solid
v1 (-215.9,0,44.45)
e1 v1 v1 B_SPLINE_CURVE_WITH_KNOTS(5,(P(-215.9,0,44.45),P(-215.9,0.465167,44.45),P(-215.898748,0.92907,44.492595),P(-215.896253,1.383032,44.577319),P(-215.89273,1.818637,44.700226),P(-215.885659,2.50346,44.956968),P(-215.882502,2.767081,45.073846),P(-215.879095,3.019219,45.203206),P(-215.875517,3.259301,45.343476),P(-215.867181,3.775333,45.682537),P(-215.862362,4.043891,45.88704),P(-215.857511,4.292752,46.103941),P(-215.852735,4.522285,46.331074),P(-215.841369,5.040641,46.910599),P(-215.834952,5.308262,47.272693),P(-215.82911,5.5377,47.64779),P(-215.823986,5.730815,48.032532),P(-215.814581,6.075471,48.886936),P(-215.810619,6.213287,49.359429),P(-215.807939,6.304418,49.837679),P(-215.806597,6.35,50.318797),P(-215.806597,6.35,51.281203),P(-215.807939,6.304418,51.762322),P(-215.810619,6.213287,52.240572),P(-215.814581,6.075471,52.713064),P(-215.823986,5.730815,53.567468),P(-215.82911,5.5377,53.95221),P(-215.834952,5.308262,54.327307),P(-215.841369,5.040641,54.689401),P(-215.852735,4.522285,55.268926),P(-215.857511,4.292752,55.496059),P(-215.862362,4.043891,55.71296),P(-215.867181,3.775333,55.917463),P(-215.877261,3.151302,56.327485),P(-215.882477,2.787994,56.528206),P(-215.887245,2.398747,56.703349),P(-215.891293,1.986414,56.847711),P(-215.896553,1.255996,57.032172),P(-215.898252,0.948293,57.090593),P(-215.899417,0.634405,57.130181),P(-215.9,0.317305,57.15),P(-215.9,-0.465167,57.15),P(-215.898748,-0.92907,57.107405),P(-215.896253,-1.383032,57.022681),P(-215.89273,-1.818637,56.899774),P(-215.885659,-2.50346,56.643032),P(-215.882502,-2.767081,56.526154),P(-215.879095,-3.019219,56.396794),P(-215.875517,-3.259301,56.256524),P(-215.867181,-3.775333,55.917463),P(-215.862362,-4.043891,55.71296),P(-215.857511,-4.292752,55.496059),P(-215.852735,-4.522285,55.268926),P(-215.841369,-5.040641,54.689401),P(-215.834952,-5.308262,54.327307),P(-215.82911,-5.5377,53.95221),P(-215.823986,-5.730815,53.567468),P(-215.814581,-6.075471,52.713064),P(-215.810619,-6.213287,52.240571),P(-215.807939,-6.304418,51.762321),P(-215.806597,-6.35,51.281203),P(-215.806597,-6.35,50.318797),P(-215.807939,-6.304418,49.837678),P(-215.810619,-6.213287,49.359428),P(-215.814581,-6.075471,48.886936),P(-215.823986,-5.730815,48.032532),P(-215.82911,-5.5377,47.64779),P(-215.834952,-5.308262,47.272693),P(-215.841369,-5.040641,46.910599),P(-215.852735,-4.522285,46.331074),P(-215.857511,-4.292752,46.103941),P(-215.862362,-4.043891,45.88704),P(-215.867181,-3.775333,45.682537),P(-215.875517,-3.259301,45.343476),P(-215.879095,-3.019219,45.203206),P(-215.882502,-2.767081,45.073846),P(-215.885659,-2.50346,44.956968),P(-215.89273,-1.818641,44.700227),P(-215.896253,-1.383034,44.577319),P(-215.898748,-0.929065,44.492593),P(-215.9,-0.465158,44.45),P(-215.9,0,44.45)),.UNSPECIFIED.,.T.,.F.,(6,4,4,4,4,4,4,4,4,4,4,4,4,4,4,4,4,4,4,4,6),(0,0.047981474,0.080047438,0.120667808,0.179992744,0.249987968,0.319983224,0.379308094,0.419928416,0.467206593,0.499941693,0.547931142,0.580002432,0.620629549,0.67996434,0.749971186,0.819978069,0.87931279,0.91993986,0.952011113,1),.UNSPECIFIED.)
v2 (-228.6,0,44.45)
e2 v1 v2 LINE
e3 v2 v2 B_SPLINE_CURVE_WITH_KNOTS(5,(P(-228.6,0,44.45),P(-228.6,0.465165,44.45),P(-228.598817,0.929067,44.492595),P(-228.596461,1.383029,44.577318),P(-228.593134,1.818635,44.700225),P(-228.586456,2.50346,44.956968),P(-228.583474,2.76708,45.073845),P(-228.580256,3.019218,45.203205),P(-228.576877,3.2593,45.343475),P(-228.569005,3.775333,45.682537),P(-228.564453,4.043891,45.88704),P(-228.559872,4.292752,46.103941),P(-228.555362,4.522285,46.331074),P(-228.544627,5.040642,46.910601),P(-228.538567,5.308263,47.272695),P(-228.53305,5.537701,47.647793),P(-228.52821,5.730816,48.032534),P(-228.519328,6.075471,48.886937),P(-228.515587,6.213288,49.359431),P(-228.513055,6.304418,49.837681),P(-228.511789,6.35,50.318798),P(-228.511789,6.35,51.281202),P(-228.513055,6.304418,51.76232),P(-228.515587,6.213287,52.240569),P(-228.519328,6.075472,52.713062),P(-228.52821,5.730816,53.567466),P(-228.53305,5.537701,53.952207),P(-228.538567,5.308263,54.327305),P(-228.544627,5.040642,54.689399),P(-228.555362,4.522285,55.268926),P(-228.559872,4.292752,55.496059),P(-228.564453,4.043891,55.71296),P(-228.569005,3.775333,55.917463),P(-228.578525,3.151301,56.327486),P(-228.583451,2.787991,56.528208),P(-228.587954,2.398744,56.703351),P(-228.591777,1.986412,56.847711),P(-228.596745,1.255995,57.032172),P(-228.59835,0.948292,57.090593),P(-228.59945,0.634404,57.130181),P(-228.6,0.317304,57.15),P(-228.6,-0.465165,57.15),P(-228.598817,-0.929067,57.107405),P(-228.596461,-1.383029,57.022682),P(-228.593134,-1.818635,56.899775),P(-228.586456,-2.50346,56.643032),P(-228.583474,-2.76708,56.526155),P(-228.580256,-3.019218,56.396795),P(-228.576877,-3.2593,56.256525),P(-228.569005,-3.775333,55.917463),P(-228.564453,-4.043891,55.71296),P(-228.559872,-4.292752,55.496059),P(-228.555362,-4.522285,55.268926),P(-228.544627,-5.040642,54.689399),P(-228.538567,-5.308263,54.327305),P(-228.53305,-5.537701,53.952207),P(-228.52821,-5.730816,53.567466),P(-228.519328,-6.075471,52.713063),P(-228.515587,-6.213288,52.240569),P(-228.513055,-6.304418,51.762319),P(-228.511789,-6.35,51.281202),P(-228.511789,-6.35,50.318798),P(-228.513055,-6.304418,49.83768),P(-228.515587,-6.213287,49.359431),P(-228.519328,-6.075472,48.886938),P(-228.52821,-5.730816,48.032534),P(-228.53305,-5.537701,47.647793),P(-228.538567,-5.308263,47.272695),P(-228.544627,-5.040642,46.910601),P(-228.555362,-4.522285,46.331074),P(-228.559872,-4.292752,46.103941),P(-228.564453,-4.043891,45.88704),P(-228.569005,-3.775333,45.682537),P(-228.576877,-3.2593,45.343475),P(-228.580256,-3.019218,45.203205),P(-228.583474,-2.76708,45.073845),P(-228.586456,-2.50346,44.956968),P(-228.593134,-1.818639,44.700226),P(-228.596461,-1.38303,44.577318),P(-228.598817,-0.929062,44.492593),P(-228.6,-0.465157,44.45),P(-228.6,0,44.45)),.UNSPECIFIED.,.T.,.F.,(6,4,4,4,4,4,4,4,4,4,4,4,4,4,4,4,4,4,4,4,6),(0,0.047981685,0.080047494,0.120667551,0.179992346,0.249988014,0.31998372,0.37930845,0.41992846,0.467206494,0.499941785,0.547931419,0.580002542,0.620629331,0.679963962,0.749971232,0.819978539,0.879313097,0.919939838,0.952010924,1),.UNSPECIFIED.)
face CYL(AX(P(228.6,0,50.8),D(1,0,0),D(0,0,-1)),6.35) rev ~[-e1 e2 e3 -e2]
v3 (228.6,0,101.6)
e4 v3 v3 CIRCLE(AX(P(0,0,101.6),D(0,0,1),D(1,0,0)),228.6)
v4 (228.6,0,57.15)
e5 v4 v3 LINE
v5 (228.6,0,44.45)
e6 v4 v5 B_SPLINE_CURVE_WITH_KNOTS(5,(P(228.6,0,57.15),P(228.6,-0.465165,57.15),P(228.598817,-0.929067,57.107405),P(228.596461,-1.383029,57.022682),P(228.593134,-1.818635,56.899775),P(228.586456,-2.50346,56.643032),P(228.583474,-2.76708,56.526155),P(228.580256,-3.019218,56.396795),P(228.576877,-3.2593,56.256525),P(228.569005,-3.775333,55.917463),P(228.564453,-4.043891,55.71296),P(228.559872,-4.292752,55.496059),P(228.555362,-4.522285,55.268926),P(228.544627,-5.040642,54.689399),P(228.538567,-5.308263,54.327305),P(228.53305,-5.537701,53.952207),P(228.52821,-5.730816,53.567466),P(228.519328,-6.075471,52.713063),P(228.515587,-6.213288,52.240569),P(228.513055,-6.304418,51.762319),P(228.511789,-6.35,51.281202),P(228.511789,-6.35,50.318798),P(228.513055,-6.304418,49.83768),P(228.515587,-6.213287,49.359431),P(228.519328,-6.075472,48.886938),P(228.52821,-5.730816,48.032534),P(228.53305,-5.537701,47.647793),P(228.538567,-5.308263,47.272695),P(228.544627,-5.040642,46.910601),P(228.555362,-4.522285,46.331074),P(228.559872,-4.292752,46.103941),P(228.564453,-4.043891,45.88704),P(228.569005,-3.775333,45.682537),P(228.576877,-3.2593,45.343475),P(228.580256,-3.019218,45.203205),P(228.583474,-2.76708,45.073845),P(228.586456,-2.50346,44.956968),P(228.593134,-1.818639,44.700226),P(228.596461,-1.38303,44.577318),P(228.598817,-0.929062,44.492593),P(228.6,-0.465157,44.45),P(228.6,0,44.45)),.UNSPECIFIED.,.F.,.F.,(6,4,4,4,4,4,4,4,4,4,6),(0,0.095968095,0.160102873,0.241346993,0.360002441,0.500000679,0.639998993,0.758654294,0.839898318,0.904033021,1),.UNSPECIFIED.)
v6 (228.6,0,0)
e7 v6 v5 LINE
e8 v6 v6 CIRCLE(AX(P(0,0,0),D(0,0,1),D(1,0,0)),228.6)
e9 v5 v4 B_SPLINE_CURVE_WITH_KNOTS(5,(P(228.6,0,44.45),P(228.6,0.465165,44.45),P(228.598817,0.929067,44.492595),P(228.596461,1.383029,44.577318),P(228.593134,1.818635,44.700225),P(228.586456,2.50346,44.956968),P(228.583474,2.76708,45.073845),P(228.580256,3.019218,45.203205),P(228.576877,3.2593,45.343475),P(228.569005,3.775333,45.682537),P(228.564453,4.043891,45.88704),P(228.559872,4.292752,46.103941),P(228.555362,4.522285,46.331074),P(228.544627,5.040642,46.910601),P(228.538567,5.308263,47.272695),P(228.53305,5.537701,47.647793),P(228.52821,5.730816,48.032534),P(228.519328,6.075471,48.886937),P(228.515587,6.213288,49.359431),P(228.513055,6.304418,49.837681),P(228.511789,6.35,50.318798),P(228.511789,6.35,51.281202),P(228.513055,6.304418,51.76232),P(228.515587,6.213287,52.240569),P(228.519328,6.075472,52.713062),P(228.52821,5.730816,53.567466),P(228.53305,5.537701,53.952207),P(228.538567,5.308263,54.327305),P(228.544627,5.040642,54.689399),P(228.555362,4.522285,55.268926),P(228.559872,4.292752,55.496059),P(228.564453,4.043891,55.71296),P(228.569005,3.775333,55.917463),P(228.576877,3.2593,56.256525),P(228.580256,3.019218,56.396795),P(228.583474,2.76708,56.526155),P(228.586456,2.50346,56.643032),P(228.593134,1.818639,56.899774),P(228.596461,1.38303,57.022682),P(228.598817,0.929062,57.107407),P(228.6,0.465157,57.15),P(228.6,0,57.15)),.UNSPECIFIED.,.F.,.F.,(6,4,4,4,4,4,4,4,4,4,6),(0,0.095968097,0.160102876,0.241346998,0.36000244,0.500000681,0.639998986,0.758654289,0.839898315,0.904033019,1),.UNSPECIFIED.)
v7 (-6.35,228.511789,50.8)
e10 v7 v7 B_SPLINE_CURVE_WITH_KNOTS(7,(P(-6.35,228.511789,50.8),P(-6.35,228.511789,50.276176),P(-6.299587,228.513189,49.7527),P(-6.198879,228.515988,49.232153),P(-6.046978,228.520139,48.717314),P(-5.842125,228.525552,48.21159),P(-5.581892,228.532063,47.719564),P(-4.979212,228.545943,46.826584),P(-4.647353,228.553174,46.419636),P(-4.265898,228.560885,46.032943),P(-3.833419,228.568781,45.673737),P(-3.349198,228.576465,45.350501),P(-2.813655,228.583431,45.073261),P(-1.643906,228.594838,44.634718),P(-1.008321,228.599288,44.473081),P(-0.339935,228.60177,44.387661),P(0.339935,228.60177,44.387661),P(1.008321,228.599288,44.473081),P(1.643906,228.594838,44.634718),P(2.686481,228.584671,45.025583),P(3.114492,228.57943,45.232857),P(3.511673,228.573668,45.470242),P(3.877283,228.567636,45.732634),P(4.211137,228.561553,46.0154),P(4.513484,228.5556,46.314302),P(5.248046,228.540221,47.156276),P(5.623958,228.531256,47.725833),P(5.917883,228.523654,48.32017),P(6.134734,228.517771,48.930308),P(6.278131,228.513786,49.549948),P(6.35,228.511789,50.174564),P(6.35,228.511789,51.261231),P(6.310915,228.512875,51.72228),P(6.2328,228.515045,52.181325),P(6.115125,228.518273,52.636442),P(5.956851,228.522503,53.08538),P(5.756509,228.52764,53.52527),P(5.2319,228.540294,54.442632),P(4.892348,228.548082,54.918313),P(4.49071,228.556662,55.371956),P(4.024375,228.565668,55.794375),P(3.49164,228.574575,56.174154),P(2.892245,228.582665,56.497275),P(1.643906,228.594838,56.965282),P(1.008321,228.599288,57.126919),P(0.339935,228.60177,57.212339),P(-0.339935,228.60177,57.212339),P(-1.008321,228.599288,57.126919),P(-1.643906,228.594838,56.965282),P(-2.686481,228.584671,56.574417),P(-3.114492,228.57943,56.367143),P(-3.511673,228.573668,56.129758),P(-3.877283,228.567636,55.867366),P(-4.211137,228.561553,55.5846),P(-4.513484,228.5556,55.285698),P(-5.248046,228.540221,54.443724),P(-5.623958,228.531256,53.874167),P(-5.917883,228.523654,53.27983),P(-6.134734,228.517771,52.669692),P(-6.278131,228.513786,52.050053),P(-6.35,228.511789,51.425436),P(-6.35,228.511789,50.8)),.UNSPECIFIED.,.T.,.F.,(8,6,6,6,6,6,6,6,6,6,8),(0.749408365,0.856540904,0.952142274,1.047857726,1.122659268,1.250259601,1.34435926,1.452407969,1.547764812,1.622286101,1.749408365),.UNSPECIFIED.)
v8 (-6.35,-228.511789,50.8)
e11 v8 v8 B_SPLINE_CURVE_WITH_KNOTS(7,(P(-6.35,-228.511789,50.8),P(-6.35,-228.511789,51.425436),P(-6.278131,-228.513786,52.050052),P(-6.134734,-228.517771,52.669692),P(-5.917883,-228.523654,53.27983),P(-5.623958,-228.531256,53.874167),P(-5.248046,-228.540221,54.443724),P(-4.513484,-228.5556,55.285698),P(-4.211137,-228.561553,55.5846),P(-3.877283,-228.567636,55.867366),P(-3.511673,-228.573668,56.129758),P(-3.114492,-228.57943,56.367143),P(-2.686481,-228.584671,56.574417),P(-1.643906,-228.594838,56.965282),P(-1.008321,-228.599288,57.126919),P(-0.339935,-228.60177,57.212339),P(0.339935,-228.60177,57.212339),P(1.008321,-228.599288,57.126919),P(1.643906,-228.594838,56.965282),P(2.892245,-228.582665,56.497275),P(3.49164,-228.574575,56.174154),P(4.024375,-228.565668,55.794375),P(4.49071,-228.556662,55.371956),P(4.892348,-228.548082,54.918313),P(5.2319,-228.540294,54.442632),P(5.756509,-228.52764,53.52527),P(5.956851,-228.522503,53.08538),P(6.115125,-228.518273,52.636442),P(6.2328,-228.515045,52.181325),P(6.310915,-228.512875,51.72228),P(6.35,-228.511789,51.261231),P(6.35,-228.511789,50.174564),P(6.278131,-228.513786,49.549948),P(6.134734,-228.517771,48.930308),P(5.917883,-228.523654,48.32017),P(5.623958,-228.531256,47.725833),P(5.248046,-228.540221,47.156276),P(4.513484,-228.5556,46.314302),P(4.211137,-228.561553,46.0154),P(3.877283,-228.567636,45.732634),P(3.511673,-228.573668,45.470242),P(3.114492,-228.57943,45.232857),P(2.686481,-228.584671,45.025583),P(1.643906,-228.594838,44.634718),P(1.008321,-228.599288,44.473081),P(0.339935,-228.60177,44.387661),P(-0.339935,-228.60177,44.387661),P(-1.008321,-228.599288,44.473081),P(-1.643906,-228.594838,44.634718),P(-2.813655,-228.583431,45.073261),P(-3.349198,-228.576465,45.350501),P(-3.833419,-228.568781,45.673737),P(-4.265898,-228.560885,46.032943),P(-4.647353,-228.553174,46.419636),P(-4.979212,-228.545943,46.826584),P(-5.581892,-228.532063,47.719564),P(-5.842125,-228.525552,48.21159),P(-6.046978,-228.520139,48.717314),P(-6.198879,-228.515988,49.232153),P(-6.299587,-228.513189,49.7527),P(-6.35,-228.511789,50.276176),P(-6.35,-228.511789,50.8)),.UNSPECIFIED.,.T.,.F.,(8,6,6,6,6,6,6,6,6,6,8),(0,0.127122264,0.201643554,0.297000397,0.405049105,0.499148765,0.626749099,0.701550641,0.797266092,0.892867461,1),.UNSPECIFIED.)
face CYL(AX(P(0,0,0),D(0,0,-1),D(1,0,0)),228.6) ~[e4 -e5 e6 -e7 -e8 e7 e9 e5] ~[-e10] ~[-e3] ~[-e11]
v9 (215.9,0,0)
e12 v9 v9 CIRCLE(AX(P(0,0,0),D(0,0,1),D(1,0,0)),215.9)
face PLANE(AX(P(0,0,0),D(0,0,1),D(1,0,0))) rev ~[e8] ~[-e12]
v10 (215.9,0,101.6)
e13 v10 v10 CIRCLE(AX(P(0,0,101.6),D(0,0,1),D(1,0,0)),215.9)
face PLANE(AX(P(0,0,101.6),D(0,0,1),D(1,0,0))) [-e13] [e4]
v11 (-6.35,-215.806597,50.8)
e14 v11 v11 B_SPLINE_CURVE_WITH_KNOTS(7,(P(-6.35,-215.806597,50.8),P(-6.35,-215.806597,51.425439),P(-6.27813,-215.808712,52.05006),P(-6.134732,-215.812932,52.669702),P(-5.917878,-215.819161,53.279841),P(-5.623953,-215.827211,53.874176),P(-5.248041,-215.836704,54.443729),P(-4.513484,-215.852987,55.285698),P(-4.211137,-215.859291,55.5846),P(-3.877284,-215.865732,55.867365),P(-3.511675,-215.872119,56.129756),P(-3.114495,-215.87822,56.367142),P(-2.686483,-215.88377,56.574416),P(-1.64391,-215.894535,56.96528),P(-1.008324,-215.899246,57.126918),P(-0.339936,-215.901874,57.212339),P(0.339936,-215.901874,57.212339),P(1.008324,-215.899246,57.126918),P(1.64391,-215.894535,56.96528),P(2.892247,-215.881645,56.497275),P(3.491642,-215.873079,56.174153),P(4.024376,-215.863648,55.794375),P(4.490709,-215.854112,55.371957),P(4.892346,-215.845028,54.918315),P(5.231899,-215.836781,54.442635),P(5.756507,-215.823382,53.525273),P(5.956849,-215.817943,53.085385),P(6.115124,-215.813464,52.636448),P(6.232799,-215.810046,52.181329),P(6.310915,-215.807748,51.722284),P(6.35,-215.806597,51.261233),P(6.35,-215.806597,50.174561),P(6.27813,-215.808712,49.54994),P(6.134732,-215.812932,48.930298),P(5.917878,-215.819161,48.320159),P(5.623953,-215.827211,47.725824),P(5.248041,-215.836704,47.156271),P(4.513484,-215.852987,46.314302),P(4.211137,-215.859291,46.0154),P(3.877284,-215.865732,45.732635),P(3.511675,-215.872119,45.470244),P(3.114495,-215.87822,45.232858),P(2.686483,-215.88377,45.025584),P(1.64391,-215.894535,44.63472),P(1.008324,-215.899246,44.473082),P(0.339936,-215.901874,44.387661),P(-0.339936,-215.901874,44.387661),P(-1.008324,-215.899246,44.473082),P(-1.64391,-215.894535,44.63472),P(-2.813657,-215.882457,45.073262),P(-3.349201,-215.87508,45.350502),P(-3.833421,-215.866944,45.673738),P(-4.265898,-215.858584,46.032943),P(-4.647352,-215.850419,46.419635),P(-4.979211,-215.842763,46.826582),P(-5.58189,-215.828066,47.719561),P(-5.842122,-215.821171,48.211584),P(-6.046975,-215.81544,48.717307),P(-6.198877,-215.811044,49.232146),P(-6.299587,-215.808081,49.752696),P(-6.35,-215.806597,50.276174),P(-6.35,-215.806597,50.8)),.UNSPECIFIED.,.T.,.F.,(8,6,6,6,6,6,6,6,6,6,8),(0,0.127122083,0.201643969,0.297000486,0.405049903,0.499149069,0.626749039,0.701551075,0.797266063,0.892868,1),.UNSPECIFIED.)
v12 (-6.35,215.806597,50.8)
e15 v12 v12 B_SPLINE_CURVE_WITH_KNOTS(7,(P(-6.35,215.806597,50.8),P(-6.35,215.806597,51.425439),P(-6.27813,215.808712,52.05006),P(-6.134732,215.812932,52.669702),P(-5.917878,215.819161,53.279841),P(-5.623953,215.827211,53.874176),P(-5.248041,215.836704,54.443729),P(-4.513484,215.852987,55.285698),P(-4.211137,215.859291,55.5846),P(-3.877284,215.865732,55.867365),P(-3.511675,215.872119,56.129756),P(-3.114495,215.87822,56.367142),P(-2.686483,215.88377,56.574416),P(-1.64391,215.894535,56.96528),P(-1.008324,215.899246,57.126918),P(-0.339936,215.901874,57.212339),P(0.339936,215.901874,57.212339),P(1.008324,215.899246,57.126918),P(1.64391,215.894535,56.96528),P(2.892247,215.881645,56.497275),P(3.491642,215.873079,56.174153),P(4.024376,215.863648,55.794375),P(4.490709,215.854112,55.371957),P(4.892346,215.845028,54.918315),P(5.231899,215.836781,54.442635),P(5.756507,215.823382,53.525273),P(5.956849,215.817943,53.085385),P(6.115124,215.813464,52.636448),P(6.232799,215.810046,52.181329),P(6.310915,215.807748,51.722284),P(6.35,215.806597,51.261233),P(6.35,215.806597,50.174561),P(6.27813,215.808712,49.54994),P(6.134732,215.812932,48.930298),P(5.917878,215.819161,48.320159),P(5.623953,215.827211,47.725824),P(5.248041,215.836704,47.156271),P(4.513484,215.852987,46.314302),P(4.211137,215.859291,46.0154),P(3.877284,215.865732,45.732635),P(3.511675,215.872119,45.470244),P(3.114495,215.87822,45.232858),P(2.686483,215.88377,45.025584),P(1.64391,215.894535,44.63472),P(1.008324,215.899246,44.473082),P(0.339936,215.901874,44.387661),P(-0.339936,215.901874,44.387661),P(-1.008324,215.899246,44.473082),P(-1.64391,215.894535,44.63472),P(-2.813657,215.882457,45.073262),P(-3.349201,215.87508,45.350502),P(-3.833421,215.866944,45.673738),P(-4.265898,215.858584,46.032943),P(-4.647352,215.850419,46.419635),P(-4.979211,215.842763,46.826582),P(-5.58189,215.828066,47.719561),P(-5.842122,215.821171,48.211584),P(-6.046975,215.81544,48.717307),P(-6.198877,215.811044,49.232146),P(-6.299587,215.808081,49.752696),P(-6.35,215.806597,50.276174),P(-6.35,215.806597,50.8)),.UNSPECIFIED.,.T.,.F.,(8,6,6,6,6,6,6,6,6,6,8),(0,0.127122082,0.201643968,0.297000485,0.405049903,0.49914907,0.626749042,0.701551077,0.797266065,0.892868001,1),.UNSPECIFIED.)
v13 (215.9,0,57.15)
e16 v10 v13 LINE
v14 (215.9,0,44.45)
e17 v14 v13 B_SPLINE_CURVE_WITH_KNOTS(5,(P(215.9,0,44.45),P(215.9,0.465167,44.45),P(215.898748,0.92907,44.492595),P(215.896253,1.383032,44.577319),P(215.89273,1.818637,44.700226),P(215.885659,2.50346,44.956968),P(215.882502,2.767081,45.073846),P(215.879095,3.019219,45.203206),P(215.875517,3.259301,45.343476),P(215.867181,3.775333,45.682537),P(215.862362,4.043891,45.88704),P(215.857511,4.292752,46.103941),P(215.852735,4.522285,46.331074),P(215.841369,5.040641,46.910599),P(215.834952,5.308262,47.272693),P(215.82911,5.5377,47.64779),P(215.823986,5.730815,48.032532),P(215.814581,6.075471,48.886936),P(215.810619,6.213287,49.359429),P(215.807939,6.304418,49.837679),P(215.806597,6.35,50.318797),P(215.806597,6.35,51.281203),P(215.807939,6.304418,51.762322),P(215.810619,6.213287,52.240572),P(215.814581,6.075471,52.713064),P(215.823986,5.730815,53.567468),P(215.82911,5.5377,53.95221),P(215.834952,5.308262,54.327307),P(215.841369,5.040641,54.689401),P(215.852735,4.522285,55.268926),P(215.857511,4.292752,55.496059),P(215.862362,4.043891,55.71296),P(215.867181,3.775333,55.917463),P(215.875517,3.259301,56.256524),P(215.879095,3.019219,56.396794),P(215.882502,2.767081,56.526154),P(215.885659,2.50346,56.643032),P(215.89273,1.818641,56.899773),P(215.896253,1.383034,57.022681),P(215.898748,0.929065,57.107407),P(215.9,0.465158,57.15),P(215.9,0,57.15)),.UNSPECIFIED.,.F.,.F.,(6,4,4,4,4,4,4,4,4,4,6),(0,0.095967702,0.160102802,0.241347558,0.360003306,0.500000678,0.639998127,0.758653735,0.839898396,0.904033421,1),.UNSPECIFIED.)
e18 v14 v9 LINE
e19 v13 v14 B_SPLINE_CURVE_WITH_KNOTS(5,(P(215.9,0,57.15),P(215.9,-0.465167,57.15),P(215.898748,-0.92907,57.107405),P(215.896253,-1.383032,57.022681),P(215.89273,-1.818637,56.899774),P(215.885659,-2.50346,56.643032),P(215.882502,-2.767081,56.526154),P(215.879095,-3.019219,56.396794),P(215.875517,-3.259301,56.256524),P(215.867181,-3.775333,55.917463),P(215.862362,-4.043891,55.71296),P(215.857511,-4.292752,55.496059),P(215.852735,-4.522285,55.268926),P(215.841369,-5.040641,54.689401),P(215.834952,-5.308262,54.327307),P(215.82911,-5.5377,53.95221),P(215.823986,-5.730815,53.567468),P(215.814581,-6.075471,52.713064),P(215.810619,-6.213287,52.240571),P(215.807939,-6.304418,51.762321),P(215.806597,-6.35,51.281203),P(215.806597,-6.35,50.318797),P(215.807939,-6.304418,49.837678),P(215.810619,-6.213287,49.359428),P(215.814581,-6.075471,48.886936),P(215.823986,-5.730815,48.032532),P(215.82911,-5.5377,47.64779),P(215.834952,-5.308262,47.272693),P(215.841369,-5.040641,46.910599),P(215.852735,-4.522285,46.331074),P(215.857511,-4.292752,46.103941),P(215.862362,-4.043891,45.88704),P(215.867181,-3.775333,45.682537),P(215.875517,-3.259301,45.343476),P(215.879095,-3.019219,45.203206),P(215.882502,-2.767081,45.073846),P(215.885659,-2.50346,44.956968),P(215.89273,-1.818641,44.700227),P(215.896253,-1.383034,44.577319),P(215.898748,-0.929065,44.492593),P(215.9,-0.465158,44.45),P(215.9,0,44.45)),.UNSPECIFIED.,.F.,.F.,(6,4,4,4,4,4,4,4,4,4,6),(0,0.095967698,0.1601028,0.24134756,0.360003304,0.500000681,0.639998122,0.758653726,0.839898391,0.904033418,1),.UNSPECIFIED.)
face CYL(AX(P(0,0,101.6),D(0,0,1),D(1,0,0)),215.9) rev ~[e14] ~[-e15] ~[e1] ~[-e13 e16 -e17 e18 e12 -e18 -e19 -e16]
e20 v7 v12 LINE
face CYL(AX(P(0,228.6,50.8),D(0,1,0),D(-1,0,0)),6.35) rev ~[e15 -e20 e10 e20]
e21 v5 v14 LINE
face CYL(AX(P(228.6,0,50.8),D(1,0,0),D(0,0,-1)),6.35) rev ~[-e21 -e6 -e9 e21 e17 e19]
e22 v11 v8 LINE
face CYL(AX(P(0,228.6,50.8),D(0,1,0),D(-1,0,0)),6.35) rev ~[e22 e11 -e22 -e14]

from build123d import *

# Parameters (mm, degrees)
SKETCH1_R           = 228.6
BOSS_EXTRUDE1_DEPTH = 101.6
SKETCH2_R           = 215.9
CUT_EXTRUDE1_DEPTH  = 102.6
SKETCH3_R           = 6.35
CUT_EXTRUDE2_DEPTH  = 458.2
SKETCH4_R           = 6.35
CUT_EXTRUDE3_DEPTH  = 458.2000001


with BuildPart() as part:
    # Sketch1 → Boss-Extrude1 (new body)
    with BuildSketch(Plane.XY):
        Circle(SKETCH1_R)
    extrude(amount=BOSS_EXTRUDE1_DEPTH)

    # Sketch2 → Cut-Extrude1 (cut, through all)
    with BuildSketch(Plane.XY.offset(101.6)):
        Circle(SKETCH2_R)
    extrude(amount=-CUT_EXTRUDE1_DEPTH, mode=Mode.SUBTRACT)

    # Sketch3 → Cut-Extrude2 (cut, through all)
    with BuildSketch(Plane(origin=(0, 228.6, 0), x_dir=(-1, 0, 0), z_dir=(0, 1, 0))):
        with Locations((0, 50.8)):
            Circle(SKETCH3_R)
    extrude(amount=-CUT_EXTRUDE2_DEPTH, mode=Mode.SUBTRACT)

    # Sketch4 → Cut-Extrude3 (cut, through all)
    with BuildSketch(Plane(origin=(228.6, 0, 0), x_dir=(0, 0, -1), z_dir=(1, 0, 0))):
        with Locations((-50.8, 0)):
            Circle(SKETCH4_R)
    extrude(amount=-CUT_EXTRUDE3_DEPTH, mode=Mode.SUBTRACT)


solid = part.part
